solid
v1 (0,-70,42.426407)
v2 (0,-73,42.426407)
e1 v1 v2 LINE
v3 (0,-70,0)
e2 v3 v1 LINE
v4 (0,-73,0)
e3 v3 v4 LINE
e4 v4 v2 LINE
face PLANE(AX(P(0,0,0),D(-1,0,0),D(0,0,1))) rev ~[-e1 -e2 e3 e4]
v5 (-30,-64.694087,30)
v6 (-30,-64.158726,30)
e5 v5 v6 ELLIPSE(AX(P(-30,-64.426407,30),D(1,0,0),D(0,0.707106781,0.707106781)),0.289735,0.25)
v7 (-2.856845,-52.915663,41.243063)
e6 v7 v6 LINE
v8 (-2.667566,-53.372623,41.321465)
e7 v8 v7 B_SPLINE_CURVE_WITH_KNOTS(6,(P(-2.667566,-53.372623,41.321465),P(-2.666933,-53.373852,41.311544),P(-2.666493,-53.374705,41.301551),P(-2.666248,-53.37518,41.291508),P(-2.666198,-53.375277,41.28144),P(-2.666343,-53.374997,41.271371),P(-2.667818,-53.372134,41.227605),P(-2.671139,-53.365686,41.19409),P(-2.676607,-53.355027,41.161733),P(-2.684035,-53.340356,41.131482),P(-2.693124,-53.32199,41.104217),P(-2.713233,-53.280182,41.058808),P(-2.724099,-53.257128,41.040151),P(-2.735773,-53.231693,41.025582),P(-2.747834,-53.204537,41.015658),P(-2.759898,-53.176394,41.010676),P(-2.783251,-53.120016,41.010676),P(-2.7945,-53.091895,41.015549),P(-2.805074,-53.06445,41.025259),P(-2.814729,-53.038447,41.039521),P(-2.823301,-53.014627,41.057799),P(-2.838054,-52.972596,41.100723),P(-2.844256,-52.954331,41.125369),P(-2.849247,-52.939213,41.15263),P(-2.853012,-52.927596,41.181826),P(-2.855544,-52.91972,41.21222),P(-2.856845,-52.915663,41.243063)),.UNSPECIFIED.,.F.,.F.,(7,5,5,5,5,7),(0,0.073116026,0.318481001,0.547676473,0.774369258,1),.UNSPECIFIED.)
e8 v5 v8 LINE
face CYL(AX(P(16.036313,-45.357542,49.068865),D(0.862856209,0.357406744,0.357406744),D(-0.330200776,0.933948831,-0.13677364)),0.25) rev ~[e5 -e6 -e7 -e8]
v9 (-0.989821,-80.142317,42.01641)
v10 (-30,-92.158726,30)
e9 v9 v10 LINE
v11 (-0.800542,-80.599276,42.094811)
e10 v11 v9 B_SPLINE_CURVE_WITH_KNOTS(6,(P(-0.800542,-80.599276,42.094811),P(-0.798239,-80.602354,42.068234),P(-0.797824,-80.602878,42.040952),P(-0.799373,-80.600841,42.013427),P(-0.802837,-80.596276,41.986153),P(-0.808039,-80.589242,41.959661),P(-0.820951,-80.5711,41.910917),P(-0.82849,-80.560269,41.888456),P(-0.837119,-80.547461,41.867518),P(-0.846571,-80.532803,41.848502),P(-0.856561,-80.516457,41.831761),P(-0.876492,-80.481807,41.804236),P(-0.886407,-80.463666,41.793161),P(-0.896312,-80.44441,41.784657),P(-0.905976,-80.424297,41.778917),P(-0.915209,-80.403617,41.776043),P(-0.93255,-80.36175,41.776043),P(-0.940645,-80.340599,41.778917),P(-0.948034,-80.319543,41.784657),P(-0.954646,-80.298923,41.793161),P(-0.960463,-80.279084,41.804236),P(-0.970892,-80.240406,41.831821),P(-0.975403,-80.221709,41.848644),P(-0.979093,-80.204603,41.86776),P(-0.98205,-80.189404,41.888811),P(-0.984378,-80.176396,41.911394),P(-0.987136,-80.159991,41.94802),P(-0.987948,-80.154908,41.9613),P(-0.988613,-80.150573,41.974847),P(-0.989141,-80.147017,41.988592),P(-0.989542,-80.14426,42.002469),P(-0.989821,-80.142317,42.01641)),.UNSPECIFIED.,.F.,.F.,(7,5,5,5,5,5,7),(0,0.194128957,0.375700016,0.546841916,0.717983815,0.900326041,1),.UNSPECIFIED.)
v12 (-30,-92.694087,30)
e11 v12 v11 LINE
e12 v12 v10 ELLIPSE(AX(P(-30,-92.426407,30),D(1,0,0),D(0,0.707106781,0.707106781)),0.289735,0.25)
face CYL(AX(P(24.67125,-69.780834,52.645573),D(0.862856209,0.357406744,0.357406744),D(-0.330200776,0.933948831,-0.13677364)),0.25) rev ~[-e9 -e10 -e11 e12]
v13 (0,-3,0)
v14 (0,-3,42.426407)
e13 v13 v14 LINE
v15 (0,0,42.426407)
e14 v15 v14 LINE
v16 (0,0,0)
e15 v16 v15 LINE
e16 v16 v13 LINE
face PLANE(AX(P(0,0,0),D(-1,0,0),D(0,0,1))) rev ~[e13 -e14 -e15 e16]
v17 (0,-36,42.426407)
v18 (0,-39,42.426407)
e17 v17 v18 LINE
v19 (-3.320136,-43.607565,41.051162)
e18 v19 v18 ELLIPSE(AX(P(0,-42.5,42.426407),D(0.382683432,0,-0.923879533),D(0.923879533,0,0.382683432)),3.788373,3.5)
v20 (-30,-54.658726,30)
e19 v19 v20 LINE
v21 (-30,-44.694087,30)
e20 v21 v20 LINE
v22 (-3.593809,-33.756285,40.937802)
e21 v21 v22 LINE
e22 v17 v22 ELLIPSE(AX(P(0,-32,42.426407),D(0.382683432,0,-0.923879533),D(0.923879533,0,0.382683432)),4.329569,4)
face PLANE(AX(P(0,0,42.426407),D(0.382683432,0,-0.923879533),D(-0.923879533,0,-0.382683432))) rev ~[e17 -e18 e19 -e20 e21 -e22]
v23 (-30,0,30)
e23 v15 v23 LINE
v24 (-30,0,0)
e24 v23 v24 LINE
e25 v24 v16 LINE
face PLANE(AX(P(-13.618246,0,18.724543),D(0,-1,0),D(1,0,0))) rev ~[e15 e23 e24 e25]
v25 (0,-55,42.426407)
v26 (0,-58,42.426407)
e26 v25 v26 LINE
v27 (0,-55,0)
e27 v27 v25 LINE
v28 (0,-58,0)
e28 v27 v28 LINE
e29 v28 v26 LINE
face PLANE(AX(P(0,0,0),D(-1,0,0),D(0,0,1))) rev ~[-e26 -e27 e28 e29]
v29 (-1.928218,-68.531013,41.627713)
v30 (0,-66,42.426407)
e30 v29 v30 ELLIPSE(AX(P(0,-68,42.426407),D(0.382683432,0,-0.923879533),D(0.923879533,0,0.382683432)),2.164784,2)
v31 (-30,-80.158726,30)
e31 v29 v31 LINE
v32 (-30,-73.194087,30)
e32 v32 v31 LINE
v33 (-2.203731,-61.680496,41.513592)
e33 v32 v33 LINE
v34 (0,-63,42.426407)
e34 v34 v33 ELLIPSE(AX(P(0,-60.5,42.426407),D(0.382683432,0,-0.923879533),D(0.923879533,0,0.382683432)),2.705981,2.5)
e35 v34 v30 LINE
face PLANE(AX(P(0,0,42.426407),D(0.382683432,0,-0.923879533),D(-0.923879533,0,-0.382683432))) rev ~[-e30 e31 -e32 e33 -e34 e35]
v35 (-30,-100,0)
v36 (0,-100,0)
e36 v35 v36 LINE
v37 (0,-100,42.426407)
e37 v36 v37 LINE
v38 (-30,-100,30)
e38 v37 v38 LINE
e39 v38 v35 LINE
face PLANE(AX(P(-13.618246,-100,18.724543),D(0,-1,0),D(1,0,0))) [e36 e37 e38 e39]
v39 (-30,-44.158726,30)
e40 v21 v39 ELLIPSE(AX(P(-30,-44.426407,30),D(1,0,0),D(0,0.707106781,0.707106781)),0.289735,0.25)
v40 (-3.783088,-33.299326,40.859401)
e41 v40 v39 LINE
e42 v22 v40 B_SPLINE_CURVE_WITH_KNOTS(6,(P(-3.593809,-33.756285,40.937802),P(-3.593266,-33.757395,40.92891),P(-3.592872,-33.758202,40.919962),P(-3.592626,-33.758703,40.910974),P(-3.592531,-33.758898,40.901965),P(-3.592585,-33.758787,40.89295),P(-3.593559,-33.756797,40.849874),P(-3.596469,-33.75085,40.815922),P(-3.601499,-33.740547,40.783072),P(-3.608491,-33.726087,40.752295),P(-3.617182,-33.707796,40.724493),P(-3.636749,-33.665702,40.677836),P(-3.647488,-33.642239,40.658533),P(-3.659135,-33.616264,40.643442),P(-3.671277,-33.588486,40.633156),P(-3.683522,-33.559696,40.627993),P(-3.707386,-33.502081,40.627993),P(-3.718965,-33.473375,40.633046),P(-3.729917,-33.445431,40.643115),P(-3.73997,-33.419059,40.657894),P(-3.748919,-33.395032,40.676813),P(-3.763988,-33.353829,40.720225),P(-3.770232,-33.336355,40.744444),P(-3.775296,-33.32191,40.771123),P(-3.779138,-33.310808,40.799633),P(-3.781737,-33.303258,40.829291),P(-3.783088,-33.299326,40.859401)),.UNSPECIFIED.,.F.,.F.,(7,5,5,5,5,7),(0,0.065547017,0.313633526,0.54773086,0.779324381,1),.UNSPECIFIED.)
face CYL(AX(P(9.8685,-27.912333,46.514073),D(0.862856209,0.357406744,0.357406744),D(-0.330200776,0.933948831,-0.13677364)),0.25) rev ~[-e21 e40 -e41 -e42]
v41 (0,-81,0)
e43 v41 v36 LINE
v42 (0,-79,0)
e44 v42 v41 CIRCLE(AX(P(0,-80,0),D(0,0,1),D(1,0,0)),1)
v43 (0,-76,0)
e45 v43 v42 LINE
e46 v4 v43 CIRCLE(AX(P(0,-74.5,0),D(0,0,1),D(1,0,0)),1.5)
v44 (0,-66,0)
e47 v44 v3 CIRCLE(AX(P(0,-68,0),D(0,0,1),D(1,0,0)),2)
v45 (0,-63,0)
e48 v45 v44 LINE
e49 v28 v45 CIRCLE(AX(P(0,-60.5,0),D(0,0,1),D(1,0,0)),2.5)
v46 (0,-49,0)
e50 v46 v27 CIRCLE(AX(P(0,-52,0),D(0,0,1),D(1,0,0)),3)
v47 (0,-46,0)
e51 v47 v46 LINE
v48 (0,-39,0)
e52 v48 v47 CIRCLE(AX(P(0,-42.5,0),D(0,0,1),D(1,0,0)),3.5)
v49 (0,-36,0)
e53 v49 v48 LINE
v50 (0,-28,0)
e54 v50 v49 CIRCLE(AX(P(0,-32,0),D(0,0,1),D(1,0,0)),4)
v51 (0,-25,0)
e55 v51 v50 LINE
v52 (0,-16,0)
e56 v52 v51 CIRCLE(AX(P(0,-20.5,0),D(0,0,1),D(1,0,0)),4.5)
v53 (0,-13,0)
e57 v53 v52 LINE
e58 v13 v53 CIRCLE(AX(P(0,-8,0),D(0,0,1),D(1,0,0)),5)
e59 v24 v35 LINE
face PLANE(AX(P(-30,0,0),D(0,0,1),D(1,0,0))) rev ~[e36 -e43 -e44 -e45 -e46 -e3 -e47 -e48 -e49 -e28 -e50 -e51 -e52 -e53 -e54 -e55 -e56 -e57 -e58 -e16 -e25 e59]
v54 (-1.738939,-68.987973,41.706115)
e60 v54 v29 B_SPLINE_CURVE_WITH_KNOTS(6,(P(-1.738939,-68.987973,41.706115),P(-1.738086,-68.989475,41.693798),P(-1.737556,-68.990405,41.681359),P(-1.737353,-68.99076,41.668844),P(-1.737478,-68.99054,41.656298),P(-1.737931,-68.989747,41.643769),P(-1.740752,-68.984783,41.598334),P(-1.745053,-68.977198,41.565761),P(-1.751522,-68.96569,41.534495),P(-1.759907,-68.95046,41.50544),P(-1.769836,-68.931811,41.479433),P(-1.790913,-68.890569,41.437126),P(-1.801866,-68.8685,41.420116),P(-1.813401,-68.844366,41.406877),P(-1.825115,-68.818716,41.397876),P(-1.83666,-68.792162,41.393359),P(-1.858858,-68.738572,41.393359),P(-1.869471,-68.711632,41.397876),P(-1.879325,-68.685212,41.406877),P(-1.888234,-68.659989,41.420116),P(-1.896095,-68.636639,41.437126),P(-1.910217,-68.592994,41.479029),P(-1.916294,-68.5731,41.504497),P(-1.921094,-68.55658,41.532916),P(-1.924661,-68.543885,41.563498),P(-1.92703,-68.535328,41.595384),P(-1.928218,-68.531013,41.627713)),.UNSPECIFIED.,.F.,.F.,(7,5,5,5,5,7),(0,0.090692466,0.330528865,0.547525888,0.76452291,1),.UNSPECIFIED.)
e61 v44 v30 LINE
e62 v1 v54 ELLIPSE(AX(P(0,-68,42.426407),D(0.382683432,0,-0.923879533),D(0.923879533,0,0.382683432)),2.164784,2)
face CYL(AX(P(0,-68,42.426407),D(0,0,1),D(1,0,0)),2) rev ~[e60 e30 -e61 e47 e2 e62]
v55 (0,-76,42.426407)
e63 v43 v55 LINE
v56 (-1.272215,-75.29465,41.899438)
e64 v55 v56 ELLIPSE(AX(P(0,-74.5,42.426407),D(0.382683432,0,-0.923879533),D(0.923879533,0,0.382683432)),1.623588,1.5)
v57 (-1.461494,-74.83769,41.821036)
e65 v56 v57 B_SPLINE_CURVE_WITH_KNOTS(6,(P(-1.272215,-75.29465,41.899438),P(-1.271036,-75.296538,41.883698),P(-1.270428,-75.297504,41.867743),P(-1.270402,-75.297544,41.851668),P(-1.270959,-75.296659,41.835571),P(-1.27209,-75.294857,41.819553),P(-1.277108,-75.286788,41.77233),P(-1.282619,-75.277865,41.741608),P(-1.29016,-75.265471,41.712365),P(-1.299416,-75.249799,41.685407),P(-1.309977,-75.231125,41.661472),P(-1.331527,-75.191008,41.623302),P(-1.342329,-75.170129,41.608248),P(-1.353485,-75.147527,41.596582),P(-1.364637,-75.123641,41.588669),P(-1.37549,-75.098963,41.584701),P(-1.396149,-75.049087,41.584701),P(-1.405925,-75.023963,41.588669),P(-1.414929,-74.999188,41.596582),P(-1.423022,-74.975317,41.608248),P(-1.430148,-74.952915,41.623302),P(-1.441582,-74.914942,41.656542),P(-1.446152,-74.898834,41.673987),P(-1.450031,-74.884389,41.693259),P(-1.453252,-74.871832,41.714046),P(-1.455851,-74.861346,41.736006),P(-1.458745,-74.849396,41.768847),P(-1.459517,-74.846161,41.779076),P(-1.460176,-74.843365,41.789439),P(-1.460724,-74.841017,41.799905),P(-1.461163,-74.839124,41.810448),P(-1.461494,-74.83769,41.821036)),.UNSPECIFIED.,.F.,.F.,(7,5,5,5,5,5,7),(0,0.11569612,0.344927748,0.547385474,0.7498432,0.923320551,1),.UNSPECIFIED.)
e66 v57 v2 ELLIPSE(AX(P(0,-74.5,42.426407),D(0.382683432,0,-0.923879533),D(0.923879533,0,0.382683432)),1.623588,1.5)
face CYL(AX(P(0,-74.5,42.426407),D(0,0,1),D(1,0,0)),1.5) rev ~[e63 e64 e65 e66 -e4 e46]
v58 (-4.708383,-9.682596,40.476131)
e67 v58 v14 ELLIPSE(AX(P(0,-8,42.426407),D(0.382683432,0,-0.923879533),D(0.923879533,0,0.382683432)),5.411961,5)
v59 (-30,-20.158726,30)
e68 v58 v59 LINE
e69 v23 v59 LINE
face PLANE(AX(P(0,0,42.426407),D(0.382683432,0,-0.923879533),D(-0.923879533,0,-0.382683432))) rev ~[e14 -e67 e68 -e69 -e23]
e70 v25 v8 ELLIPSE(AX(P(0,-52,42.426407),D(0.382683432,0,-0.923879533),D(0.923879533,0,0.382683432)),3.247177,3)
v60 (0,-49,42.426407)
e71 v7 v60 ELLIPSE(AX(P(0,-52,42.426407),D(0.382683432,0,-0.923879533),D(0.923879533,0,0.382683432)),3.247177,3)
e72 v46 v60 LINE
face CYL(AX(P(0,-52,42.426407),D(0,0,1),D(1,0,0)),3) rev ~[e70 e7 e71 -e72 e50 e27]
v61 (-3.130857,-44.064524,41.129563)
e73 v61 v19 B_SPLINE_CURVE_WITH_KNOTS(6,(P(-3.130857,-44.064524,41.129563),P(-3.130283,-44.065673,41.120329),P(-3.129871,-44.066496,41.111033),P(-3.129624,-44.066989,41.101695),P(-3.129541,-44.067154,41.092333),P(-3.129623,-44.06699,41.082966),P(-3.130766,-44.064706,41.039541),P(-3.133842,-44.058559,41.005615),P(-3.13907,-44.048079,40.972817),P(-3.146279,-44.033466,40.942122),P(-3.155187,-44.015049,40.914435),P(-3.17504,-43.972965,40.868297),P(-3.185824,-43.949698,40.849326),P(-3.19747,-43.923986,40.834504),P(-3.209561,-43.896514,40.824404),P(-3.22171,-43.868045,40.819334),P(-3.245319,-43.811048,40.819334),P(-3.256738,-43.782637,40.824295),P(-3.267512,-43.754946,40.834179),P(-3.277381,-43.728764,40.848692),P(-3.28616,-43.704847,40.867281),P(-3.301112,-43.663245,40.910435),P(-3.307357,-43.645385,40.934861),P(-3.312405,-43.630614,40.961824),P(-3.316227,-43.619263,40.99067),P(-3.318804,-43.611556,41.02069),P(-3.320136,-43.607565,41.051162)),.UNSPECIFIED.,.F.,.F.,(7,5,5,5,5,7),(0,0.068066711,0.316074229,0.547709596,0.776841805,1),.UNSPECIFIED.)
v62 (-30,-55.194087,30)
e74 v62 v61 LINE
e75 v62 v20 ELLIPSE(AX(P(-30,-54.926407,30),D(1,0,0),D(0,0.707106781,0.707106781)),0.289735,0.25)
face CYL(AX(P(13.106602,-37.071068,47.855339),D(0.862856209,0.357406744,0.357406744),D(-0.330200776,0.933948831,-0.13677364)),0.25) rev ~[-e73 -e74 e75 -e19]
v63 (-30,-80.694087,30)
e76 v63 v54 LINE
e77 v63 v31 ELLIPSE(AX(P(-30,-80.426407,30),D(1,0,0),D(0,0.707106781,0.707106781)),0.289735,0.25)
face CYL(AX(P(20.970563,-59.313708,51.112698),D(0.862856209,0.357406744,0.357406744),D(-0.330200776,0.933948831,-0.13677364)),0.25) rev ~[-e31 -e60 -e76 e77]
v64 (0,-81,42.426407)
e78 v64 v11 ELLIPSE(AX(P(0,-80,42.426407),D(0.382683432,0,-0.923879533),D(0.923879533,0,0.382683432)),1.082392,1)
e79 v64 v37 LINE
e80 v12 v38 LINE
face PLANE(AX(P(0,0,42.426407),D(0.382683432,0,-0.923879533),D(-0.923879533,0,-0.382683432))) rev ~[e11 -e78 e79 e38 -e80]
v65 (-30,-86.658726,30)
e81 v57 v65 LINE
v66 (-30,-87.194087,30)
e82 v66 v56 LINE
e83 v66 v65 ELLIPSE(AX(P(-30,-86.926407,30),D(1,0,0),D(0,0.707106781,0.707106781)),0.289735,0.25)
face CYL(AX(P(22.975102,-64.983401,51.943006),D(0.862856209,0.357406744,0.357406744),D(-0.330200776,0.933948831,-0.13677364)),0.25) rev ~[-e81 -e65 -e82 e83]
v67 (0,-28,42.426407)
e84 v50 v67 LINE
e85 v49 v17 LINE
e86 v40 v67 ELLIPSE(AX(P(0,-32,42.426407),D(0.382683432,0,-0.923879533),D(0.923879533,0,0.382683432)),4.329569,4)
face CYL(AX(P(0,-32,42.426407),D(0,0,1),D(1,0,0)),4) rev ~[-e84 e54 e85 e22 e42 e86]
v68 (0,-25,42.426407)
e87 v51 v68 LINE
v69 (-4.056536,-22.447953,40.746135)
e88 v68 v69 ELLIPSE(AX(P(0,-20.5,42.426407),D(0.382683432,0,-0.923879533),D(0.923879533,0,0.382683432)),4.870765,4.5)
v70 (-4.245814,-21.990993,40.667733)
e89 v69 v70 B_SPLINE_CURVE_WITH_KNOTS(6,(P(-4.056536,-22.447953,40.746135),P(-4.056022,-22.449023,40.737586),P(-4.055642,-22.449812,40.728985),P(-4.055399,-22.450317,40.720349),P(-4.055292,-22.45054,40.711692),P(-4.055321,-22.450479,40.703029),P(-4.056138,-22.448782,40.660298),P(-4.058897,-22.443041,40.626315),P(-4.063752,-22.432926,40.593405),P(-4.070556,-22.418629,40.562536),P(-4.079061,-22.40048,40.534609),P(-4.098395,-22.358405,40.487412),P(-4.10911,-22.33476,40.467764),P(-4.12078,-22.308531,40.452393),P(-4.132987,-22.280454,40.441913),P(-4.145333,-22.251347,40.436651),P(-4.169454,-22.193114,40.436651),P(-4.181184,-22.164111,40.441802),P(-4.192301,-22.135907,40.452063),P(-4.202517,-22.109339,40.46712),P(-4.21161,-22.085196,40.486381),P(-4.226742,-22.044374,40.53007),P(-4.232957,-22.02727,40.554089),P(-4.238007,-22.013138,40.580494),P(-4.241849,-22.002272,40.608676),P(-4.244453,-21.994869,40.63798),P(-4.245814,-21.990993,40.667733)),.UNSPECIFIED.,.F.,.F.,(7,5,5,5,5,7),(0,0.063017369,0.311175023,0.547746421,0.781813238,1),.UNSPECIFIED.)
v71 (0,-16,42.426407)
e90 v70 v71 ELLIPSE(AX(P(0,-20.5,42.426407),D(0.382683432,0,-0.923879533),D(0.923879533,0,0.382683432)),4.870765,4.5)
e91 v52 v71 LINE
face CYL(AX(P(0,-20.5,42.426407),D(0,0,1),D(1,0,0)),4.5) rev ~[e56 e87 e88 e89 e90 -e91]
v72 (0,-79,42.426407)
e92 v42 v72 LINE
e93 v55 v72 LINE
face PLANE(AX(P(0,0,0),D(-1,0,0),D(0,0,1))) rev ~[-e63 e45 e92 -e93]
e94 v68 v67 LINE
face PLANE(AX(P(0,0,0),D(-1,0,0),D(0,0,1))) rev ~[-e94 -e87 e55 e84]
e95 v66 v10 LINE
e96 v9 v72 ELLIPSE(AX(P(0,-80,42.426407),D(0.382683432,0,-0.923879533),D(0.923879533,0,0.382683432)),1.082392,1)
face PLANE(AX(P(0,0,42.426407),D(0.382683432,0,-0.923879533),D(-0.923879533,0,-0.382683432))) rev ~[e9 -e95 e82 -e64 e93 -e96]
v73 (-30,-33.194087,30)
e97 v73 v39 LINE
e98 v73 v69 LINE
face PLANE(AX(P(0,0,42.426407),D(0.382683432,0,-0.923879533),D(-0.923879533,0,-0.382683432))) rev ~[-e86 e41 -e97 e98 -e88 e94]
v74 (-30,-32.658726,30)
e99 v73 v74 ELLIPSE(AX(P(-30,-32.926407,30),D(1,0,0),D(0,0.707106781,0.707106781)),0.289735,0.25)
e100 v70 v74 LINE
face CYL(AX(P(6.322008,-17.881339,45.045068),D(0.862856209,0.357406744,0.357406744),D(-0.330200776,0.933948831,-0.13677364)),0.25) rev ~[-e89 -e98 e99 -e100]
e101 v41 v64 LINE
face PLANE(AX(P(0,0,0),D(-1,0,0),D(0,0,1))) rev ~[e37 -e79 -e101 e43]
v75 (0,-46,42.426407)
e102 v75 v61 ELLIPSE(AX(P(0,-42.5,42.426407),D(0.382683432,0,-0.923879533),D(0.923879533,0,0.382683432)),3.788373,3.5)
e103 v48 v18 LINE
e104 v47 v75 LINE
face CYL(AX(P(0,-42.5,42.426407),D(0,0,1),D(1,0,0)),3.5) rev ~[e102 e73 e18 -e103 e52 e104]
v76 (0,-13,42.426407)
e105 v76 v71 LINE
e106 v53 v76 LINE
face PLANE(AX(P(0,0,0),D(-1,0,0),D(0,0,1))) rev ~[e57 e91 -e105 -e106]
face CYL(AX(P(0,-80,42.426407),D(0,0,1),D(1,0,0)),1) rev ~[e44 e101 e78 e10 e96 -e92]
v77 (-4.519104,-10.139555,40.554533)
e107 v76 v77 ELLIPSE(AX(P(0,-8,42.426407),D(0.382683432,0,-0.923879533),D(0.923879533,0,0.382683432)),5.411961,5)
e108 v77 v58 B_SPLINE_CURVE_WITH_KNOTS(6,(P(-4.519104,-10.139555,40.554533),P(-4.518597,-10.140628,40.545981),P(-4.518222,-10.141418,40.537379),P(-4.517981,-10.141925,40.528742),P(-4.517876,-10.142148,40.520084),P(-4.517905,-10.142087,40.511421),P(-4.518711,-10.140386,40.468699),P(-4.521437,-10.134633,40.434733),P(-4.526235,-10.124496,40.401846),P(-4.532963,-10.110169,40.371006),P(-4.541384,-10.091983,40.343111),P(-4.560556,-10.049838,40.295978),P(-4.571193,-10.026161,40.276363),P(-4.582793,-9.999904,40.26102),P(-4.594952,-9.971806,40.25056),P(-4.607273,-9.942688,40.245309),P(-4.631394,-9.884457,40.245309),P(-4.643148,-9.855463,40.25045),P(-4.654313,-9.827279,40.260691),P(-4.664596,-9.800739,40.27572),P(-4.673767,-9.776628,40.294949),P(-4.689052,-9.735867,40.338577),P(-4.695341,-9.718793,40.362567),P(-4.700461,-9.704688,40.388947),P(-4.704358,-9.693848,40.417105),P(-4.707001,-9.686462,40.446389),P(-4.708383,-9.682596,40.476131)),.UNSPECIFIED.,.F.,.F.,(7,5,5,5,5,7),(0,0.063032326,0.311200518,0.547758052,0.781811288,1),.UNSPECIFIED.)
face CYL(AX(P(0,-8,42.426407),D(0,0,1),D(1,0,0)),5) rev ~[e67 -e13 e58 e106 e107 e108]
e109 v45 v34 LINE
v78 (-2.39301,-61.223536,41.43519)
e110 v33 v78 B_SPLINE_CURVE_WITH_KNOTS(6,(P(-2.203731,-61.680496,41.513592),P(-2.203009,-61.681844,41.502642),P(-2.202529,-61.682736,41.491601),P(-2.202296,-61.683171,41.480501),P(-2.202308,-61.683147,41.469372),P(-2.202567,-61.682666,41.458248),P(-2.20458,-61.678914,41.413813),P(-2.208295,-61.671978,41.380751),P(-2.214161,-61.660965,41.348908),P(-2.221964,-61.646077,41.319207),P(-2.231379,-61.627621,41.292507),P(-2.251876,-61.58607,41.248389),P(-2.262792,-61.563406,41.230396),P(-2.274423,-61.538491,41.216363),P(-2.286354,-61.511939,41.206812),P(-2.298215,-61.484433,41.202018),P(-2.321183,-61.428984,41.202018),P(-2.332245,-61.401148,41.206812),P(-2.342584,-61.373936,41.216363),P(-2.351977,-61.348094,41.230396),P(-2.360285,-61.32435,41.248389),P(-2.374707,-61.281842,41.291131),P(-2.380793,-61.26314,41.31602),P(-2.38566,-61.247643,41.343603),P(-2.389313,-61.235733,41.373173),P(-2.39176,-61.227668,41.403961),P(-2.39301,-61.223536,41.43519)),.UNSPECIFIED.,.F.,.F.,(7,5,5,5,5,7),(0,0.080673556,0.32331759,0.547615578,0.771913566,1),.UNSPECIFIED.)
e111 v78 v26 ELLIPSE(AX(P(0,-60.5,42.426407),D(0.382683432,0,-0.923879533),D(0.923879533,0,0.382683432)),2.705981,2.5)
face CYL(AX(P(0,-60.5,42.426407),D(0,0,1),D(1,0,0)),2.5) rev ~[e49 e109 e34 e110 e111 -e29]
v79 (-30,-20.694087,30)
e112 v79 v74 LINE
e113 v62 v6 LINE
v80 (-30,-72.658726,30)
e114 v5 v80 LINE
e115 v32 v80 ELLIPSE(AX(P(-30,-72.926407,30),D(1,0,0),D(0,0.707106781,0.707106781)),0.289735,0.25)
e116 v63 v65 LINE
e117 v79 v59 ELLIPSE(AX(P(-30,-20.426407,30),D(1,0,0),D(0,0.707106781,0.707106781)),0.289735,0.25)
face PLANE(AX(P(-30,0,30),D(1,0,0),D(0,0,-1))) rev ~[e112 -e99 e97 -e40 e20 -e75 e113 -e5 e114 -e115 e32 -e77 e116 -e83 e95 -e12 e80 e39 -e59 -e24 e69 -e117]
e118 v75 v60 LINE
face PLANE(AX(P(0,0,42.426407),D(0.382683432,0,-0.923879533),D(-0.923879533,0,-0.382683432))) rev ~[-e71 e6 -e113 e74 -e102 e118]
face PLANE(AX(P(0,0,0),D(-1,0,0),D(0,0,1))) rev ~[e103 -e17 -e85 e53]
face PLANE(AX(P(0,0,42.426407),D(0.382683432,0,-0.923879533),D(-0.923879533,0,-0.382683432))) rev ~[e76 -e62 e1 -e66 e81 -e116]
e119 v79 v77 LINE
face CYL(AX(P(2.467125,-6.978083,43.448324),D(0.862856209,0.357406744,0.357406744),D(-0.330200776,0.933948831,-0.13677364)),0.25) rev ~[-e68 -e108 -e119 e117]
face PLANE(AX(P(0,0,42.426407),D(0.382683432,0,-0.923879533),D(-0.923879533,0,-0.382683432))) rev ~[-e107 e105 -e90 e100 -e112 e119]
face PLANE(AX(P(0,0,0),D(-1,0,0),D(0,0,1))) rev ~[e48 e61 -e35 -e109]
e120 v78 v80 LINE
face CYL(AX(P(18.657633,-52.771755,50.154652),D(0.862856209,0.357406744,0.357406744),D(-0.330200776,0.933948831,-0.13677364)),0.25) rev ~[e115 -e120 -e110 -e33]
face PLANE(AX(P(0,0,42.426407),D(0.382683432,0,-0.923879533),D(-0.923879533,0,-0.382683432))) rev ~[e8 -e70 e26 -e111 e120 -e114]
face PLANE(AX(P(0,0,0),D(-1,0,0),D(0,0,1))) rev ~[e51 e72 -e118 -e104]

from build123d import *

# Parameters (mm, degrees)
F1_DEPTH  = 100
F8_R      = 0.25
F9_DEPTH  = 76.7908446712
F3_R      = 5
F3_R_2    = 4.5
F3_R_3    = 4
F3_R_4    = 3.5
F3_R_5    = 3
F3_R_6    = 2.5
F3_R_7    = 2
F3_R_8    = 1.5
F3_R_9    = 1
F10_DEPTH = 42.4274068712


with BuildPart() as f1:
    # F0 (on Front) → F1 (new body)
    with BuildSketch(Plane.XZ):
        Polygon((0, 0), (0, 42.4264068712), (-30, 30), (-30, 0), align=None)
    extrude(amount=F1_DEPTH)

    # F8 (on line) → F9 (cut, through all)
    with BuildSketch(Plane(origin=(13.0839062865, 5.4195314327, 5.4195314327), x_dir=(-0.3302007759, 0.9339488311, -0.1367736397), z_dir=(0.8628562095, 0.3574067443, 0.3574067443))):
        with Locations((-13.2744047348, 39.1968889463)):
            Circle(F8_R)
        with Locations((-24.9487651235, 39.1968889463)):
            Circle(F8_R)
        with Locations((-35.6891766811, 39.1968889463)):
            Circle(F8_R)
        with Locations((-45.4956394075, 39.1968889463)):
            Circle(F8_R)
        with Locations((-54.3681533029, 39.1968889463)):
            Circle(F8_R)
        with Locations((-62.3067183672, 39.1968889463)):
            Circle(F8_R)
        with Locations((-69.3113346005, 39.1968889463)):
            Circle(F8_R)
        with Locations((-75.3820020026, 39.1968889463)):
            Circle(F8_R)
        with Locations((-80.5187205736, 39.1968889463)):
            Circle(F8_R)
    extrude(amount=-F9_DEPTH, mode=Mode.SUBTRACT)

    # F3 (on plane+point) → F10 (cut, through all)
    with BuildSketch(Plane.XY.offset(42.4264068712)):
        with Locations((0, -8)):
            Circle(F3_R)
        with Locations((0, -20.5)):
            Circle(F3_R_2)
        with Locations((0, -32)):
            Circle(F3_R_3)
        with Locations((0, -42.5)):
            Circle(F3_R_4)
        with Locations((0, -52)):
            Circle(F3_R_5)
        with Locations((0, -60.5)):
            Circle(F3_R_6)
        with Locations((0, -68)):
            Circle(F3_R_7)
        with Locations((0, -74.5)):
            Circle(F3_R_8)
        with Locations((0, -80)):
            Circle(F3_R_9)
    extrude(amount=-F10_DEPTH, mode=Mode.SUBTRACT)


solid = f1.part
